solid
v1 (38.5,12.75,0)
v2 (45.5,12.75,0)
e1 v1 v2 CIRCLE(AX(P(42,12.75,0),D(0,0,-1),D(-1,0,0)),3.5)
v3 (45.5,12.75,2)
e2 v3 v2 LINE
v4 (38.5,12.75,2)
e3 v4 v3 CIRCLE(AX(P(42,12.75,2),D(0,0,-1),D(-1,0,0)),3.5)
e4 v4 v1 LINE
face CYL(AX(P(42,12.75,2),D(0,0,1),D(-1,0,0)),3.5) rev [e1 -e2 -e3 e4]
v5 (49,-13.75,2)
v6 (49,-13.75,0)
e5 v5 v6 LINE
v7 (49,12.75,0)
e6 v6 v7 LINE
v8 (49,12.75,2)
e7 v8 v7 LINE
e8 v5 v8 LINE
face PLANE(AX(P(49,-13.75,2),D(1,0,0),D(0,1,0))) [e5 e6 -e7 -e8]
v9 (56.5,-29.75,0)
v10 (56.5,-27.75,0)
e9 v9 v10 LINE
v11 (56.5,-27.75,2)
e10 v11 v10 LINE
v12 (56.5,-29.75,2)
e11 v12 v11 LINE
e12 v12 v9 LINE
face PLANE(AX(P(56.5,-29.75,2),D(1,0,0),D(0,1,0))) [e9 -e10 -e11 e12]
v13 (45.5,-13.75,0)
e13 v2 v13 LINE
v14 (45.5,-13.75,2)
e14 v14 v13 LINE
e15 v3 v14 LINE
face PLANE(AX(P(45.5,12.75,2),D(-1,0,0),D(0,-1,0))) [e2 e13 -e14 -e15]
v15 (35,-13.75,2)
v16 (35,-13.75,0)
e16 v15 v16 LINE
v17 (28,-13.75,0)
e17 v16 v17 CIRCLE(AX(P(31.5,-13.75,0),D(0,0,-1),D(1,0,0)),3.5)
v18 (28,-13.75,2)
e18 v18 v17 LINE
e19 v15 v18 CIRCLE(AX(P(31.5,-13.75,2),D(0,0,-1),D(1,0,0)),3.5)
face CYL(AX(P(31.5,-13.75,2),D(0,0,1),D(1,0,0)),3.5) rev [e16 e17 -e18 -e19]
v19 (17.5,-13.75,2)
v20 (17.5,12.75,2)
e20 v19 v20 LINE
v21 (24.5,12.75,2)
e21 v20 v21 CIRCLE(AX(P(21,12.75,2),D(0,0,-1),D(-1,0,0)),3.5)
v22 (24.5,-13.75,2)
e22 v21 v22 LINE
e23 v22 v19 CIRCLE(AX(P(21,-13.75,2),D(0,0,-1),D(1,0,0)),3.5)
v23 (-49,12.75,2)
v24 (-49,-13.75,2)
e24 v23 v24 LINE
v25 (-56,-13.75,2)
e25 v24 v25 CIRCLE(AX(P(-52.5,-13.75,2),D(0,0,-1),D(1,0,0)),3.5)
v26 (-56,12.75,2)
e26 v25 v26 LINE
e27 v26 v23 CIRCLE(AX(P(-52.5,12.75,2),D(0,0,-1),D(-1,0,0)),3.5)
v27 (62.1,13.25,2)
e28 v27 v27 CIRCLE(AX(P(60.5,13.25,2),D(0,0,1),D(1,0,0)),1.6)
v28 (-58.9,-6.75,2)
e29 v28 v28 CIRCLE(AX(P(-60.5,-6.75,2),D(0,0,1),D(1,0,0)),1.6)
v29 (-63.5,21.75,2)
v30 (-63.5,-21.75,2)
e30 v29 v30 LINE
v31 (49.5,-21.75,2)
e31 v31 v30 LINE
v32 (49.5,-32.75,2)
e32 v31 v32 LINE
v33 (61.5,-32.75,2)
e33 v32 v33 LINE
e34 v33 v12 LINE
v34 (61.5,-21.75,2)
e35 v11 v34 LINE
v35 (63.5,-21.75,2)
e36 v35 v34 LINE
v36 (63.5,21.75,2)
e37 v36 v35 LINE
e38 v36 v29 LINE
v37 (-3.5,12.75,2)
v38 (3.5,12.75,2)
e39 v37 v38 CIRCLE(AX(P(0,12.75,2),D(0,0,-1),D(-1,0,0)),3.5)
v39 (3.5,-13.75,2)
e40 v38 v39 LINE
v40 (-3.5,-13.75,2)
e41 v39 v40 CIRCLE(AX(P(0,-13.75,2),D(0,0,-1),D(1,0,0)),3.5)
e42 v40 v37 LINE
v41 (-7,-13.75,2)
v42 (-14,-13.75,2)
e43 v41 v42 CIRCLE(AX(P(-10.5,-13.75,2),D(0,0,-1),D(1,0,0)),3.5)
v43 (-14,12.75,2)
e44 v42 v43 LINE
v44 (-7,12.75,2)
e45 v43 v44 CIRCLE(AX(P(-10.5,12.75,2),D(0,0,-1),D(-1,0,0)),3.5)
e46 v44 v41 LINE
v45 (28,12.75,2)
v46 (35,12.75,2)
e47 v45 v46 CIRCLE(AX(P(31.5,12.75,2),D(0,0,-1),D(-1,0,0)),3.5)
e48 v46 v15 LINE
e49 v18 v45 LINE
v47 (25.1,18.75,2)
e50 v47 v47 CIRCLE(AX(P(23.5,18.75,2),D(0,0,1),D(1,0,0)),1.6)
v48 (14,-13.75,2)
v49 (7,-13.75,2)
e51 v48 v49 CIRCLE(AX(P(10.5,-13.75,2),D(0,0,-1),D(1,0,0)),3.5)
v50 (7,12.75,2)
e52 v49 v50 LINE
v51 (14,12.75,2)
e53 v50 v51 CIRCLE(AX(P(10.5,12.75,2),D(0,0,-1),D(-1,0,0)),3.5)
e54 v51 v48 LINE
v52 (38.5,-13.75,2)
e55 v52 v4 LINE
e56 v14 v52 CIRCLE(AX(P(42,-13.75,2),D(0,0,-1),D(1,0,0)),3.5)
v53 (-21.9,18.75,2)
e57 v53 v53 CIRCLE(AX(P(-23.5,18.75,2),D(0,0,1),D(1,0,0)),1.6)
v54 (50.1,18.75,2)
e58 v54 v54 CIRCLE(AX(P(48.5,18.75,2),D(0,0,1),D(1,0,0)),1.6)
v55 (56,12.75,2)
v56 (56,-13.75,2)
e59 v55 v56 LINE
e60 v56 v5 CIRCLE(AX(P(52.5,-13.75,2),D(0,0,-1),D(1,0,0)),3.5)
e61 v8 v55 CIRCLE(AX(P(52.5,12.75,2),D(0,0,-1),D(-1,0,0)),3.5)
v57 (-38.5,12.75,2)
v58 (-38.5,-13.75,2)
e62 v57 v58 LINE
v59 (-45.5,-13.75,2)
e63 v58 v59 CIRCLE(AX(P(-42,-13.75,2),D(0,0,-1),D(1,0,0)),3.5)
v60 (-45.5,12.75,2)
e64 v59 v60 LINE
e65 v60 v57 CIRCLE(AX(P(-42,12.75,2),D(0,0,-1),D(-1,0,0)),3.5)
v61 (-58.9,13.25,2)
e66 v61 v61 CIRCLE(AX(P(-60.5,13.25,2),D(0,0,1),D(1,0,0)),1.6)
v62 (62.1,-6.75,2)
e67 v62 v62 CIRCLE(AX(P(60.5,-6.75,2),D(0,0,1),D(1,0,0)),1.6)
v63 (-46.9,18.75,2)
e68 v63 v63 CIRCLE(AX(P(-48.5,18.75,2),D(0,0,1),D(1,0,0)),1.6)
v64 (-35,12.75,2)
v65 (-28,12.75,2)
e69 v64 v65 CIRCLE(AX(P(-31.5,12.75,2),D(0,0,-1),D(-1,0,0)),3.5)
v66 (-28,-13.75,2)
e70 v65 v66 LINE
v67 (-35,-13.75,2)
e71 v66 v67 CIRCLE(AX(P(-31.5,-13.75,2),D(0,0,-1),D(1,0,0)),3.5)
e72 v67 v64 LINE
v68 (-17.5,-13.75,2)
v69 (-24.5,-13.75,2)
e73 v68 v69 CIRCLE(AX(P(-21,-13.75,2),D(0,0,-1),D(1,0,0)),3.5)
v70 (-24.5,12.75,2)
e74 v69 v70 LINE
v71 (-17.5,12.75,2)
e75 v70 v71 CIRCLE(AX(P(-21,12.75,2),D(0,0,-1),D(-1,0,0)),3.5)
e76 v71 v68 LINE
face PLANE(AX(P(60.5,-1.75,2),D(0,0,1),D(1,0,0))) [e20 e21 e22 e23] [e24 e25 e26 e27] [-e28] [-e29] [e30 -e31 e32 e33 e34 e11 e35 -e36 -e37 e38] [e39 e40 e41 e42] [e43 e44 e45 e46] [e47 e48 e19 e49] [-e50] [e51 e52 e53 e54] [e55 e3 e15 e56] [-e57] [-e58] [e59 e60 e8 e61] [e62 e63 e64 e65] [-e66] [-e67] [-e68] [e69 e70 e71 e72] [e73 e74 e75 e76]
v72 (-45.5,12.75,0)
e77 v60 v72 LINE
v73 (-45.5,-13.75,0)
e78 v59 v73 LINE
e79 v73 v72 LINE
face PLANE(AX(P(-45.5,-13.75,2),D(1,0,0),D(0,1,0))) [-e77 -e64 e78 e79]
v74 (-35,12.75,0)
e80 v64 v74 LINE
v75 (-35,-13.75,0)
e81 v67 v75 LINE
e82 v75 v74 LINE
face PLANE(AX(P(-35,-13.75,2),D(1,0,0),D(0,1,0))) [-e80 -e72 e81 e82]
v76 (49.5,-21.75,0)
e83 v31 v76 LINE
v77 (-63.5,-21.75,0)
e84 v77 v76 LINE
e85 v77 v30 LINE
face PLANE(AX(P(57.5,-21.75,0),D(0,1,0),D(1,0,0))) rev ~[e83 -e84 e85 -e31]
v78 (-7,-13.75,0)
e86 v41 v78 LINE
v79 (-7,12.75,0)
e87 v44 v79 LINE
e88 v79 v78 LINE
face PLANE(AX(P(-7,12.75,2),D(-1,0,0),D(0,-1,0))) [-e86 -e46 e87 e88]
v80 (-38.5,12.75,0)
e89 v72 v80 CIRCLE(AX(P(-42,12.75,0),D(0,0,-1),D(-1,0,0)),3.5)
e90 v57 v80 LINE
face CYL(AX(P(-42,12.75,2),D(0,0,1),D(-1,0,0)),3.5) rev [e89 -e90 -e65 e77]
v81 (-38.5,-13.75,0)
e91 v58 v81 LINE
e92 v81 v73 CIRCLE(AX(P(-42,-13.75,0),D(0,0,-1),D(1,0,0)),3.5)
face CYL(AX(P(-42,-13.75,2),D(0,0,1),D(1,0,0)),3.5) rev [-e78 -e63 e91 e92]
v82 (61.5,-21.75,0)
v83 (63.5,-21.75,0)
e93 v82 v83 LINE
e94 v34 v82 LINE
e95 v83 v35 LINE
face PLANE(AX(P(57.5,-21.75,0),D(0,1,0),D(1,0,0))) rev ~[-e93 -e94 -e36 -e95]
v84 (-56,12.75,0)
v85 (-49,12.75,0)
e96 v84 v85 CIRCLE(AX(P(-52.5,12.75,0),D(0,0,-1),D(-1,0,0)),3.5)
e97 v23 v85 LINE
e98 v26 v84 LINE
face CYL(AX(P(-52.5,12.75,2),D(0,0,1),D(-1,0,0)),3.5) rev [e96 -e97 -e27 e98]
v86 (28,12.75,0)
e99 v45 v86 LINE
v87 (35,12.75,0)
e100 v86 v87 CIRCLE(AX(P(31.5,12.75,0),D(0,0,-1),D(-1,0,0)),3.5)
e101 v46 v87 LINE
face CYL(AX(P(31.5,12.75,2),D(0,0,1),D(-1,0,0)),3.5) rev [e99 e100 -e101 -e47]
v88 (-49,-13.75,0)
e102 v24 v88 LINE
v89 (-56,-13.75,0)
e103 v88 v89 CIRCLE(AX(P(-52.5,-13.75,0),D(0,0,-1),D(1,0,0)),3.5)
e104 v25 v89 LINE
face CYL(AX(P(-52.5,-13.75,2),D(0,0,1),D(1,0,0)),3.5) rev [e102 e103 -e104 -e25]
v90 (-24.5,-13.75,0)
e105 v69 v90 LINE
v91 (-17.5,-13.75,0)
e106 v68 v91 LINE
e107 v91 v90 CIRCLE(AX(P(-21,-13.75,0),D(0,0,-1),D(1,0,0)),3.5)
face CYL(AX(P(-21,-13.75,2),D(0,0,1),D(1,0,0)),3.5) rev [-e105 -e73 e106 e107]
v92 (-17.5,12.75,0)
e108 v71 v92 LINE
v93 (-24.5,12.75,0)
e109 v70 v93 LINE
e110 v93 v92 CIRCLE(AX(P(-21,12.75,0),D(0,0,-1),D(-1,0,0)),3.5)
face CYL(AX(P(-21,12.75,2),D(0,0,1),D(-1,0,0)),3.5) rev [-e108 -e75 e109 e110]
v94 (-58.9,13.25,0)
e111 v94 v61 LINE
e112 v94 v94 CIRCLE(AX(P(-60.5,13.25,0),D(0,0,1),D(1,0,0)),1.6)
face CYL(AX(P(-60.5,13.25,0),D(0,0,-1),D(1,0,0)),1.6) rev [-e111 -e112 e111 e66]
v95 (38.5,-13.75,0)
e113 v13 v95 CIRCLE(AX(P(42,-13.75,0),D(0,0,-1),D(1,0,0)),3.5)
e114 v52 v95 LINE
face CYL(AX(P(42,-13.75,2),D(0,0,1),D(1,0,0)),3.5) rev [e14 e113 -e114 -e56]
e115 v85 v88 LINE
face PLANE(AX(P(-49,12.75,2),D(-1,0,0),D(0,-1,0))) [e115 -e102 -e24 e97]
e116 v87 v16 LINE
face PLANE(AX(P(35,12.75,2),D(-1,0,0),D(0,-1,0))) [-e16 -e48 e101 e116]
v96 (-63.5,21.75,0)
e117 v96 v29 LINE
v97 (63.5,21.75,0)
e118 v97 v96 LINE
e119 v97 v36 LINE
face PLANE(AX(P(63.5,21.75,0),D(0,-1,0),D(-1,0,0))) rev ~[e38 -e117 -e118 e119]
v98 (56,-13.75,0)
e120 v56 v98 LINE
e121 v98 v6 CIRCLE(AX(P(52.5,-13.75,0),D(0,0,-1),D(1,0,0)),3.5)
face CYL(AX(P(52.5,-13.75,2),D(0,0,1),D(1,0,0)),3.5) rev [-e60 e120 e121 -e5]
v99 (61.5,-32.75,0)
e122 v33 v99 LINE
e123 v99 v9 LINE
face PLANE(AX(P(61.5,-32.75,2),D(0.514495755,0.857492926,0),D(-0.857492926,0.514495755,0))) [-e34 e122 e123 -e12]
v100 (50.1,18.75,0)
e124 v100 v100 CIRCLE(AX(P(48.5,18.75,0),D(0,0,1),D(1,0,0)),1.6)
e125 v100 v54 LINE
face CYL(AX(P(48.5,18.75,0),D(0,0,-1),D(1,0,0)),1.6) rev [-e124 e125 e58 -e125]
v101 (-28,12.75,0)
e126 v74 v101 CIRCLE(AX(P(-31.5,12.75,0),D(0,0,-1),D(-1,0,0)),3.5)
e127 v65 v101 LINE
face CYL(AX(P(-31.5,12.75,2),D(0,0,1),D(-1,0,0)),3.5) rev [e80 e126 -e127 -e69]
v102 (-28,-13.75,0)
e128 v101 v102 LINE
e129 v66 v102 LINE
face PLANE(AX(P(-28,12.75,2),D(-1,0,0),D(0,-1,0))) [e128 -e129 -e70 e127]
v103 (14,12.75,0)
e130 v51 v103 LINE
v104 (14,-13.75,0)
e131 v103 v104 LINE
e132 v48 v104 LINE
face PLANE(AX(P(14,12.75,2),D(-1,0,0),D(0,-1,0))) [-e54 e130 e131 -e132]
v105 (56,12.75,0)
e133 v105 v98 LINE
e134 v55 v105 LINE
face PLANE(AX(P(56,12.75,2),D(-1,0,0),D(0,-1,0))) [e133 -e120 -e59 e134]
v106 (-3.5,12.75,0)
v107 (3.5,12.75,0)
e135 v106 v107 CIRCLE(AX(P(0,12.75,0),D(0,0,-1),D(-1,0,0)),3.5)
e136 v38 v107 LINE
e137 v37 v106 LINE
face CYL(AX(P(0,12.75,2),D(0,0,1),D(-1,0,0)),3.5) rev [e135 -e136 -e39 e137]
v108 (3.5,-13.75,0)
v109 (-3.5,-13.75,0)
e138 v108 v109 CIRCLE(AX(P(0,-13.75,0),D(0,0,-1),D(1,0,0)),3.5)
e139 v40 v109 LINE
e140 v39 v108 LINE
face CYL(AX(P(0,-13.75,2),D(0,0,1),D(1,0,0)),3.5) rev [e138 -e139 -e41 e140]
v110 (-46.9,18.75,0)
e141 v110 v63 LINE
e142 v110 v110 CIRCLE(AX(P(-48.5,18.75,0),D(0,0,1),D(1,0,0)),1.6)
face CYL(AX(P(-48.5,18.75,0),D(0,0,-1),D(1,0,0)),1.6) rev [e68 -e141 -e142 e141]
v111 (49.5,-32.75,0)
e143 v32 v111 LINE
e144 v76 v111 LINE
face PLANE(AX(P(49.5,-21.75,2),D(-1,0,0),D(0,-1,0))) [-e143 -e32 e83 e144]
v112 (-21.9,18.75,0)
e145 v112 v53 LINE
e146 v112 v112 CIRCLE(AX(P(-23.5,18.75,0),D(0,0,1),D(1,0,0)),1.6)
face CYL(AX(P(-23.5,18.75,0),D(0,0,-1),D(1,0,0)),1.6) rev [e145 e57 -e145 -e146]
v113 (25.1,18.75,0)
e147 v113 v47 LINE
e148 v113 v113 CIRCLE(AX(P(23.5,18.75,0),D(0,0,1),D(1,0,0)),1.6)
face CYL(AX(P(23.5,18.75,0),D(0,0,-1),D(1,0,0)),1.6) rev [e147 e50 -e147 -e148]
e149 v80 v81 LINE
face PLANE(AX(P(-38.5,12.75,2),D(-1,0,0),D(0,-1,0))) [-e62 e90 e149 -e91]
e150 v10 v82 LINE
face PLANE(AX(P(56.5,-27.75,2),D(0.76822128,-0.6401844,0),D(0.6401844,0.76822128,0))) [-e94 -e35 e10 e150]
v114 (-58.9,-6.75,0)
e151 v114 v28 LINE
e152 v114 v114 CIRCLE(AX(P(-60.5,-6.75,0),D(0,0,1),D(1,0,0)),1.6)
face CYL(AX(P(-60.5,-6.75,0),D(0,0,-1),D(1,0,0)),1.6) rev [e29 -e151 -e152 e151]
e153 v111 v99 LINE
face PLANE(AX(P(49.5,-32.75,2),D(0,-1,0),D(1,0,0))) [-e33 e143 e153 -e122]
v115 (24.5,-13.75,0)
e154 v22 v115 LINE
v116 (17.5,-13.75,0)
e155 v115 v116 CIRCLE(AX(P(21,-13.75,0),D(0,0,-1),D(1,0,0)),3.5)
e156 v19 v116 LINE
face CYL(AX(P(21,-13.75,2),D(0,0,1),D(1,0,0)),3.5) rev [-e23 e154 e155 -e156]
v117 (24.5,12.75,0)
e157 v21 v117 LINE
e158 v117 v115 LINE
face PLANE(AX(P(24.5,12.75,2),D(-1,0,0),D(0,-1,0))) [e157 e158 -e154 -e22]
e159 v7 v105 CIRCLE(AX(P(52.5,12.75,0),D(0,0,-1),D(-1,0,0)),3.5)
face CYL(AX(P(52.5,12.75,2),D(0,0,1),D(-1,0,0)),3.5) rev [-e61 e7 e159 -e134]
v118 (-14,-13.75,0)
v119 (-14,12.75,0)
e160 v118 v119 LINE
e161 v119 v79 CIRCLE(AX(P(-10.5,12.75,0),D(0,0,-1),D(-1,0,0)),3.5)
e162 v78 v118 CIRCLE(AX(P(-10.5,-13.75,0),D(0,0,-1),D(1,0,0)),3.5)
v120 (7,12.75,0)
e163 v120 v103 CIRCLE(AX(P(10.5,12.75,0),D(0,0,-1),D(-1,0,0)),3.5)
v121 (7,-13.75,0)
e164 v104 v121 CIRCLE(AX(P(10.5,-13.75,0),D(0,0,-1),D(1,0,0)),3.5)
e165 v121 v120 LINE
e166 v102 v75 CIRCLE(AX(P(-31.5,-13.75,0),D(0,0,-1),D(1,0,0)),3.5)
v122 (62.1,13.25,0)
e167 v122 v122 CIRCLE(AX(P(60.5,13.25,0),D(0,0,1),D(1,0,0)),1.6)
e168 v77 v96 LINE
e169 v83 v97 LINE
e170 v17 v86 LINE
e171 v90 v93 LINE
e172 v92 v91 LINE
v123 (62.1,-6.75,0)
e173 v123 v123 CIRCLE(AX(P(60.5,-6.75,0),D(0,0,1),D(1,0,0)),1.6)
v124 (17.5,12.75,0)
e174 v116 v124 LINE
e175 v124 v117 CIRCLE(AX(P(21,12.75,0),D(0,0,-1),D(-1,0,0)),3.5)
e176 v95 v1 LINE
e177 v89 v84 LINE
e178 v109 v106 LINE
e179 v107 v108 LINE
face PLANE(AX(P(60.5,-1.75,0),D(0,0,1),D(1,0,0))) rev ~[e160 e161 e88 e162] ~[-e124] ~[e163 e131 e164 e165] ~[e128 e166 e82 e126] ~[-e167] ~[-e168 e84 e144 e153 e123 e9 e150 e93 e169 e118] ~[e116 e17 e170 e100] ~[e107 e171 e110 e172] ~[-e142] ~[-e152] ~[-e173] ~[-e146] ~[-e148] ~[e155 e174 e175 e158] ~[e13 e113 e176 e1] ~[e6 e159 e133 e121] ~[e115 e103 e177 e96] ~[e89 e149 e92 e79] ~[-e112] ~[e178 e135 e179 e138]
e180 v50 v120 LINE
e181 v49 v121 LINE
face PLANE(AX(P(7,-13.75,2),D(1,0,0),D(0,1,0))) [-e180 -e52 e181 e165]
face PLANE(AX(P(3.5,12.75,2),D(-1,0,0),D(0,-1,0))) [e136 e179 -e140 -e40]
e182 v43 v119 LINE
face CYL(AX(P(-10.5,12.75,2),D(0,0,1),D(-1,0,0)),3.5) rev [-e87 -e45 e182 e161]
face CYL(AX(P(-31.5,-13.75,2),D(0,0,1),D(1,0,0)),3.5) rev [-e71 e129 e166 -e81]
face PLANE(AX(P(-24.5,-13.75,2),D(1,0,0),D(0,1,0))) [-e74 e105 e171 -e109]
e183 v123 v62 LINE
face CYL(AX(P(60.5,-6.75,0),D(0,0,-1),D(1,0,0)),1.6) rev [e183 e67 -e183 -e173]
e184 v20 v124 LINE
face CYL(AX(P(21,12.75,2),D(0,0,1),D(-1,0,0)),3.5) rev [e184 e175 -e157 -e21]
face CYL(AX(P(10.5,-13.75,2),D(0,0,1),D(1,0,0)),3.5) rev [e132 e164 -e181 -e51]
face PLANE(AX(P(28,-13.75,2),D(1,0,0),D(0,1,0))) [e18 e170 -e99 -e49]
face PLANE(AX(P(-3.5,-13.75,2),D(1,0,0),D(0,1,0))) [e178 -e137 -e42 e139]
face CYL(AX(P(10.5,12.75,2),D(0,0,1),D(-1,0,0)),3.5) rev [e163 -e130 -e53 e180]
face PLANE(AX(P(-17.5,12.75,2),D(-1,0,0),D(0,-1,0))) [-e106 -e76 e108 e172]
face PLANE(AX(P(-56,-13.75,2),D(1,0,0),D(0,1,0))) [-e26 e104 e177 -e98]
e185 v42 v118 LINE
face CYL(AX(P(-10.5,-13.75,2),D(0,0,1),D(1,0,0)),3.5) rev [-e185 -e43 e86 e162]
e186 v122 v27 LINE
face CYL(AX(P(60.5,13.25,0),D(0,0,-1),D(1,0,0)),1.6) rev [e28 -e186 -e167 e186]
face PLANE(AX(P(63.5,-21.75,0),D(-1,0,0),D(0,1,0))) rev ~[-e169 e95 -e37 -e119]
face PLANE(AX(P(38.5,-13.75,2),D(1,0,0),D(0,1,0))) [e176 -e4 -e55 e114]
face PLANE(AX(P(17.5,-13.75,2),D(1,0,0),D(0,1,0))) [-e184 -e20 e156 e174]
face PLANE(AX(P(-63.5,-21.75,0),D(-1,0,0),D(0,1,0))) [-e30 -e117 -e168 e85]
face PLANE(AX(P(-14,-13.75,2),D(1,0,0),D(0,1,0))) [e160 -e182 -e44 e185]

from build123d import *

# Parameters (mm, degrees)
SKETCH_1_W          = 6
SKETCH_1_H          = 40
SKETCH_1_R          = 1.6
EXTRUDE_1_DEPTH     = 2
CUT_EXTRUDE_1_DEPTH = 2
EXTRUDE_2_DEPTH     = 2


with BuildPart() as part:
    # 草图1 → 凸台-拉伸1 (new body)
    # profile 1 of 3: a face of its own
    with BuildSketch(Plane.XY):
        with Locations((-60.5, -1.75)):
            Rectangle(SKETCH_1_W, SKETCH_1_H)
        with Locations((-60.5, -6.75)):
            Circle(SKETCH_1_R, mode=Mode.SUBTRACT)
        with Locations((-60.5, 13.25)):
            Circle(SKETCH_1_R, mode=Mode.SUBTRACT)
    # profile 2 of 3: a face of its own
    with BuildSketch(Plane.XY):
        Polygon((-57.5, 18.25), (-57.5, -21.75), (57.5, -21.75), (57.5, 18.25), (63.5, 18.25), (63.5, 21.75), (-63.5, 21.75), (-63.5, 18.25), align=None)
        with Locations((-48.5, 18.75)):
            Circle(SKETCH_1_R, mode=Mode.SUBTRACT)
        with Locations((-23.5, 18.75)):
            Circle(SKETCH_1_R, mode=Mode.SUBTRACT)
        with Locations((23.5, 18.75)):
            Circle(SKETCH_1_R, mode=Mode.SUBTRACT)
        with Locations((48.5, 18.75)):
            Circle(SKETCH_1_R, mode=Mode.SUBTRACT)
    # profile 3 of 3: a face of its own
    with BuildSketch(Plane.XY):
        with Locations((60.5, -1.75)):
            Rectangle(SKETCH_1_W, SKETCH_1_H)
        with Locations((60.5, -6.75)):
            Circle(SKETCH_1_R, mode=Mode.SUBTRACT)
        with Locations((60.5, 13.25)):
            Circle(SKETCH_1_R, mode=Mode.SUBTRACT)
    extrude(amount=EXTRUDE_1_DEPTH)

    # 草图2 → 切除-拉伸1 (cut)
    with BuildSketch(Plane.XY.offset(2)):
        with BuildLine():
            Line((3.5, 12.75), (3.5, -13.75))
            ThreePointArc((3.5, -13.75), (0, -17.25), (-3.5, -13.75))
            Line((-3.5, -13.75), (-3.5, 12.75))
            ThreePointArc((-3.5, 12.75), (0, 16.25), (3.5, 12.75))
        make_face()
        with BuildLine():
            Line((14, 12.75), (14, -13.75))
            ThreePointArc((14, -13.75), (10.5, -17.25), (7, -13.75))
            Line((7, -13.75), (7, 12.75))
            ThreePointArc((7, 12.75), (10.5, 16.25), (14, 12.75))
        make_face()
        with BuildLine():
            Line((24.5, 12.75), (24.5, -13.75))
            ThreePointArc((24.5, -13.75), (21, -17.25), (17.5, -13.75))
            Line((17.5, -13.75), (17.5, 12.75))
            ThreePointArc((17.5, 12.75), (21, 16.25), (24.5, 12.75))
        make_face()
        with BuildLine():
            Line((35, 12.75), (35, -13.75))
            ThreePointArc((35, -13.75), (31.5, -17.25), (28, -13.75))
            Line((28, -13.75), (28, 12.75))
            ThreePointArc((28, 12.75), (31.5, 16.25), (35, 12.75))
        make_face()
        with BuildLine():
            Line((45.5, 12.75), (45.5, -13.75))
            ThreePointArc((45.5, -13.75), (42, -17.25), (38.5, -13.75))
            Line((38.5, -13.75), (38.5, 12.75))
            ThreePointArc((38.5, 12.75), (42, 16.25), (45.5, 12.75))
        make_face()
        with BuildLine():
            Line((-7, 12.75), (-7, -13.75))
            ThreePointArc((-7, -13.75), (-10.5, -17.25), (-14, -13.75))
            Line((-14, -13.75), (-14, 12.75))
            ThreePointArc((-14, 12.75), (-10.5, 16.25), (-7, 12.75))
        make_face()
        with BuildLine():
            Line((-17.5, 12.75), (-17.5, -13.75))
            ThreePointArc((-17.5, -13.75), (-21, -17.25), (-24.5, -13.75))
            Line((-24.5, -13.75), (-24.5, 12.75))
            ThreePointArc((-24.5, 12.75), (-21, 16.25), (-17.5, 12.75))
        make_face()
        with BuildLine():
            Line((-28, 12.75), (-28, -13.75))
            ThreePointArc((-28, -13.75), (-31.5, -17.25), (-35, -13.75))
            Line((-35, -13.75), (-35, 12.75))
            ThreePointArc((-35, 12.75), (-31.5, 16.25), (-28, 12.75))
        make_face()
        with BuildLine():
            Line((-38.5, 12.75), (-38.5, -13.75))
            ThreePointArc((-38.5, -13.75), (-42, -17.25), (-45.5, -13.75))
            Line((-45.5, -13.75), (-45.5, 12.75))
            ThreePointArc((-45.5, 12.75), (-42, 16.25), (-38.5, 12.75))
        make_face()
        with BuildLine():
            Line((-49, 12.75), (-49, -13.75))
            ThreePointArc((-49, -13.75), (-52.5, -17.25), (-56, -13.75))
            Line((-56, -13.75), (-56, 12.75))
            ThreePointArc((-56, 12.75), (-52.5, 16.25), (-49, 12.75))
        make_face()
        with BuildLine():
            Line((56, 12.75), (56, -13.75))
            ThreePointArc((56, -13.75), (52.5, -17.25), (49, -13.75))
            Line((49, -13.75), (49, 12.75))
            ThreePointArc((49, 12.75), (52.5, 16.25), (56, 12.75))
        make_face()
    extrude(amount=-CUT_EXTRUDE_1_DEPTH, mode=Mode.SUBTRACT)

    # 草图3 → 凸台-拉伸2 (add)
    with BuildSketch(Plane.XY.offset(2)):
        Polygon((49.5, -21.75), (49.5, -32.75), (61.5, -32.75), (56.5, -29.75), (56.5, -27.75), (61.5, -21.75), align=None)
    extrude(amount=-EXTRUDE_2_DEPTH)


solid = part.part
